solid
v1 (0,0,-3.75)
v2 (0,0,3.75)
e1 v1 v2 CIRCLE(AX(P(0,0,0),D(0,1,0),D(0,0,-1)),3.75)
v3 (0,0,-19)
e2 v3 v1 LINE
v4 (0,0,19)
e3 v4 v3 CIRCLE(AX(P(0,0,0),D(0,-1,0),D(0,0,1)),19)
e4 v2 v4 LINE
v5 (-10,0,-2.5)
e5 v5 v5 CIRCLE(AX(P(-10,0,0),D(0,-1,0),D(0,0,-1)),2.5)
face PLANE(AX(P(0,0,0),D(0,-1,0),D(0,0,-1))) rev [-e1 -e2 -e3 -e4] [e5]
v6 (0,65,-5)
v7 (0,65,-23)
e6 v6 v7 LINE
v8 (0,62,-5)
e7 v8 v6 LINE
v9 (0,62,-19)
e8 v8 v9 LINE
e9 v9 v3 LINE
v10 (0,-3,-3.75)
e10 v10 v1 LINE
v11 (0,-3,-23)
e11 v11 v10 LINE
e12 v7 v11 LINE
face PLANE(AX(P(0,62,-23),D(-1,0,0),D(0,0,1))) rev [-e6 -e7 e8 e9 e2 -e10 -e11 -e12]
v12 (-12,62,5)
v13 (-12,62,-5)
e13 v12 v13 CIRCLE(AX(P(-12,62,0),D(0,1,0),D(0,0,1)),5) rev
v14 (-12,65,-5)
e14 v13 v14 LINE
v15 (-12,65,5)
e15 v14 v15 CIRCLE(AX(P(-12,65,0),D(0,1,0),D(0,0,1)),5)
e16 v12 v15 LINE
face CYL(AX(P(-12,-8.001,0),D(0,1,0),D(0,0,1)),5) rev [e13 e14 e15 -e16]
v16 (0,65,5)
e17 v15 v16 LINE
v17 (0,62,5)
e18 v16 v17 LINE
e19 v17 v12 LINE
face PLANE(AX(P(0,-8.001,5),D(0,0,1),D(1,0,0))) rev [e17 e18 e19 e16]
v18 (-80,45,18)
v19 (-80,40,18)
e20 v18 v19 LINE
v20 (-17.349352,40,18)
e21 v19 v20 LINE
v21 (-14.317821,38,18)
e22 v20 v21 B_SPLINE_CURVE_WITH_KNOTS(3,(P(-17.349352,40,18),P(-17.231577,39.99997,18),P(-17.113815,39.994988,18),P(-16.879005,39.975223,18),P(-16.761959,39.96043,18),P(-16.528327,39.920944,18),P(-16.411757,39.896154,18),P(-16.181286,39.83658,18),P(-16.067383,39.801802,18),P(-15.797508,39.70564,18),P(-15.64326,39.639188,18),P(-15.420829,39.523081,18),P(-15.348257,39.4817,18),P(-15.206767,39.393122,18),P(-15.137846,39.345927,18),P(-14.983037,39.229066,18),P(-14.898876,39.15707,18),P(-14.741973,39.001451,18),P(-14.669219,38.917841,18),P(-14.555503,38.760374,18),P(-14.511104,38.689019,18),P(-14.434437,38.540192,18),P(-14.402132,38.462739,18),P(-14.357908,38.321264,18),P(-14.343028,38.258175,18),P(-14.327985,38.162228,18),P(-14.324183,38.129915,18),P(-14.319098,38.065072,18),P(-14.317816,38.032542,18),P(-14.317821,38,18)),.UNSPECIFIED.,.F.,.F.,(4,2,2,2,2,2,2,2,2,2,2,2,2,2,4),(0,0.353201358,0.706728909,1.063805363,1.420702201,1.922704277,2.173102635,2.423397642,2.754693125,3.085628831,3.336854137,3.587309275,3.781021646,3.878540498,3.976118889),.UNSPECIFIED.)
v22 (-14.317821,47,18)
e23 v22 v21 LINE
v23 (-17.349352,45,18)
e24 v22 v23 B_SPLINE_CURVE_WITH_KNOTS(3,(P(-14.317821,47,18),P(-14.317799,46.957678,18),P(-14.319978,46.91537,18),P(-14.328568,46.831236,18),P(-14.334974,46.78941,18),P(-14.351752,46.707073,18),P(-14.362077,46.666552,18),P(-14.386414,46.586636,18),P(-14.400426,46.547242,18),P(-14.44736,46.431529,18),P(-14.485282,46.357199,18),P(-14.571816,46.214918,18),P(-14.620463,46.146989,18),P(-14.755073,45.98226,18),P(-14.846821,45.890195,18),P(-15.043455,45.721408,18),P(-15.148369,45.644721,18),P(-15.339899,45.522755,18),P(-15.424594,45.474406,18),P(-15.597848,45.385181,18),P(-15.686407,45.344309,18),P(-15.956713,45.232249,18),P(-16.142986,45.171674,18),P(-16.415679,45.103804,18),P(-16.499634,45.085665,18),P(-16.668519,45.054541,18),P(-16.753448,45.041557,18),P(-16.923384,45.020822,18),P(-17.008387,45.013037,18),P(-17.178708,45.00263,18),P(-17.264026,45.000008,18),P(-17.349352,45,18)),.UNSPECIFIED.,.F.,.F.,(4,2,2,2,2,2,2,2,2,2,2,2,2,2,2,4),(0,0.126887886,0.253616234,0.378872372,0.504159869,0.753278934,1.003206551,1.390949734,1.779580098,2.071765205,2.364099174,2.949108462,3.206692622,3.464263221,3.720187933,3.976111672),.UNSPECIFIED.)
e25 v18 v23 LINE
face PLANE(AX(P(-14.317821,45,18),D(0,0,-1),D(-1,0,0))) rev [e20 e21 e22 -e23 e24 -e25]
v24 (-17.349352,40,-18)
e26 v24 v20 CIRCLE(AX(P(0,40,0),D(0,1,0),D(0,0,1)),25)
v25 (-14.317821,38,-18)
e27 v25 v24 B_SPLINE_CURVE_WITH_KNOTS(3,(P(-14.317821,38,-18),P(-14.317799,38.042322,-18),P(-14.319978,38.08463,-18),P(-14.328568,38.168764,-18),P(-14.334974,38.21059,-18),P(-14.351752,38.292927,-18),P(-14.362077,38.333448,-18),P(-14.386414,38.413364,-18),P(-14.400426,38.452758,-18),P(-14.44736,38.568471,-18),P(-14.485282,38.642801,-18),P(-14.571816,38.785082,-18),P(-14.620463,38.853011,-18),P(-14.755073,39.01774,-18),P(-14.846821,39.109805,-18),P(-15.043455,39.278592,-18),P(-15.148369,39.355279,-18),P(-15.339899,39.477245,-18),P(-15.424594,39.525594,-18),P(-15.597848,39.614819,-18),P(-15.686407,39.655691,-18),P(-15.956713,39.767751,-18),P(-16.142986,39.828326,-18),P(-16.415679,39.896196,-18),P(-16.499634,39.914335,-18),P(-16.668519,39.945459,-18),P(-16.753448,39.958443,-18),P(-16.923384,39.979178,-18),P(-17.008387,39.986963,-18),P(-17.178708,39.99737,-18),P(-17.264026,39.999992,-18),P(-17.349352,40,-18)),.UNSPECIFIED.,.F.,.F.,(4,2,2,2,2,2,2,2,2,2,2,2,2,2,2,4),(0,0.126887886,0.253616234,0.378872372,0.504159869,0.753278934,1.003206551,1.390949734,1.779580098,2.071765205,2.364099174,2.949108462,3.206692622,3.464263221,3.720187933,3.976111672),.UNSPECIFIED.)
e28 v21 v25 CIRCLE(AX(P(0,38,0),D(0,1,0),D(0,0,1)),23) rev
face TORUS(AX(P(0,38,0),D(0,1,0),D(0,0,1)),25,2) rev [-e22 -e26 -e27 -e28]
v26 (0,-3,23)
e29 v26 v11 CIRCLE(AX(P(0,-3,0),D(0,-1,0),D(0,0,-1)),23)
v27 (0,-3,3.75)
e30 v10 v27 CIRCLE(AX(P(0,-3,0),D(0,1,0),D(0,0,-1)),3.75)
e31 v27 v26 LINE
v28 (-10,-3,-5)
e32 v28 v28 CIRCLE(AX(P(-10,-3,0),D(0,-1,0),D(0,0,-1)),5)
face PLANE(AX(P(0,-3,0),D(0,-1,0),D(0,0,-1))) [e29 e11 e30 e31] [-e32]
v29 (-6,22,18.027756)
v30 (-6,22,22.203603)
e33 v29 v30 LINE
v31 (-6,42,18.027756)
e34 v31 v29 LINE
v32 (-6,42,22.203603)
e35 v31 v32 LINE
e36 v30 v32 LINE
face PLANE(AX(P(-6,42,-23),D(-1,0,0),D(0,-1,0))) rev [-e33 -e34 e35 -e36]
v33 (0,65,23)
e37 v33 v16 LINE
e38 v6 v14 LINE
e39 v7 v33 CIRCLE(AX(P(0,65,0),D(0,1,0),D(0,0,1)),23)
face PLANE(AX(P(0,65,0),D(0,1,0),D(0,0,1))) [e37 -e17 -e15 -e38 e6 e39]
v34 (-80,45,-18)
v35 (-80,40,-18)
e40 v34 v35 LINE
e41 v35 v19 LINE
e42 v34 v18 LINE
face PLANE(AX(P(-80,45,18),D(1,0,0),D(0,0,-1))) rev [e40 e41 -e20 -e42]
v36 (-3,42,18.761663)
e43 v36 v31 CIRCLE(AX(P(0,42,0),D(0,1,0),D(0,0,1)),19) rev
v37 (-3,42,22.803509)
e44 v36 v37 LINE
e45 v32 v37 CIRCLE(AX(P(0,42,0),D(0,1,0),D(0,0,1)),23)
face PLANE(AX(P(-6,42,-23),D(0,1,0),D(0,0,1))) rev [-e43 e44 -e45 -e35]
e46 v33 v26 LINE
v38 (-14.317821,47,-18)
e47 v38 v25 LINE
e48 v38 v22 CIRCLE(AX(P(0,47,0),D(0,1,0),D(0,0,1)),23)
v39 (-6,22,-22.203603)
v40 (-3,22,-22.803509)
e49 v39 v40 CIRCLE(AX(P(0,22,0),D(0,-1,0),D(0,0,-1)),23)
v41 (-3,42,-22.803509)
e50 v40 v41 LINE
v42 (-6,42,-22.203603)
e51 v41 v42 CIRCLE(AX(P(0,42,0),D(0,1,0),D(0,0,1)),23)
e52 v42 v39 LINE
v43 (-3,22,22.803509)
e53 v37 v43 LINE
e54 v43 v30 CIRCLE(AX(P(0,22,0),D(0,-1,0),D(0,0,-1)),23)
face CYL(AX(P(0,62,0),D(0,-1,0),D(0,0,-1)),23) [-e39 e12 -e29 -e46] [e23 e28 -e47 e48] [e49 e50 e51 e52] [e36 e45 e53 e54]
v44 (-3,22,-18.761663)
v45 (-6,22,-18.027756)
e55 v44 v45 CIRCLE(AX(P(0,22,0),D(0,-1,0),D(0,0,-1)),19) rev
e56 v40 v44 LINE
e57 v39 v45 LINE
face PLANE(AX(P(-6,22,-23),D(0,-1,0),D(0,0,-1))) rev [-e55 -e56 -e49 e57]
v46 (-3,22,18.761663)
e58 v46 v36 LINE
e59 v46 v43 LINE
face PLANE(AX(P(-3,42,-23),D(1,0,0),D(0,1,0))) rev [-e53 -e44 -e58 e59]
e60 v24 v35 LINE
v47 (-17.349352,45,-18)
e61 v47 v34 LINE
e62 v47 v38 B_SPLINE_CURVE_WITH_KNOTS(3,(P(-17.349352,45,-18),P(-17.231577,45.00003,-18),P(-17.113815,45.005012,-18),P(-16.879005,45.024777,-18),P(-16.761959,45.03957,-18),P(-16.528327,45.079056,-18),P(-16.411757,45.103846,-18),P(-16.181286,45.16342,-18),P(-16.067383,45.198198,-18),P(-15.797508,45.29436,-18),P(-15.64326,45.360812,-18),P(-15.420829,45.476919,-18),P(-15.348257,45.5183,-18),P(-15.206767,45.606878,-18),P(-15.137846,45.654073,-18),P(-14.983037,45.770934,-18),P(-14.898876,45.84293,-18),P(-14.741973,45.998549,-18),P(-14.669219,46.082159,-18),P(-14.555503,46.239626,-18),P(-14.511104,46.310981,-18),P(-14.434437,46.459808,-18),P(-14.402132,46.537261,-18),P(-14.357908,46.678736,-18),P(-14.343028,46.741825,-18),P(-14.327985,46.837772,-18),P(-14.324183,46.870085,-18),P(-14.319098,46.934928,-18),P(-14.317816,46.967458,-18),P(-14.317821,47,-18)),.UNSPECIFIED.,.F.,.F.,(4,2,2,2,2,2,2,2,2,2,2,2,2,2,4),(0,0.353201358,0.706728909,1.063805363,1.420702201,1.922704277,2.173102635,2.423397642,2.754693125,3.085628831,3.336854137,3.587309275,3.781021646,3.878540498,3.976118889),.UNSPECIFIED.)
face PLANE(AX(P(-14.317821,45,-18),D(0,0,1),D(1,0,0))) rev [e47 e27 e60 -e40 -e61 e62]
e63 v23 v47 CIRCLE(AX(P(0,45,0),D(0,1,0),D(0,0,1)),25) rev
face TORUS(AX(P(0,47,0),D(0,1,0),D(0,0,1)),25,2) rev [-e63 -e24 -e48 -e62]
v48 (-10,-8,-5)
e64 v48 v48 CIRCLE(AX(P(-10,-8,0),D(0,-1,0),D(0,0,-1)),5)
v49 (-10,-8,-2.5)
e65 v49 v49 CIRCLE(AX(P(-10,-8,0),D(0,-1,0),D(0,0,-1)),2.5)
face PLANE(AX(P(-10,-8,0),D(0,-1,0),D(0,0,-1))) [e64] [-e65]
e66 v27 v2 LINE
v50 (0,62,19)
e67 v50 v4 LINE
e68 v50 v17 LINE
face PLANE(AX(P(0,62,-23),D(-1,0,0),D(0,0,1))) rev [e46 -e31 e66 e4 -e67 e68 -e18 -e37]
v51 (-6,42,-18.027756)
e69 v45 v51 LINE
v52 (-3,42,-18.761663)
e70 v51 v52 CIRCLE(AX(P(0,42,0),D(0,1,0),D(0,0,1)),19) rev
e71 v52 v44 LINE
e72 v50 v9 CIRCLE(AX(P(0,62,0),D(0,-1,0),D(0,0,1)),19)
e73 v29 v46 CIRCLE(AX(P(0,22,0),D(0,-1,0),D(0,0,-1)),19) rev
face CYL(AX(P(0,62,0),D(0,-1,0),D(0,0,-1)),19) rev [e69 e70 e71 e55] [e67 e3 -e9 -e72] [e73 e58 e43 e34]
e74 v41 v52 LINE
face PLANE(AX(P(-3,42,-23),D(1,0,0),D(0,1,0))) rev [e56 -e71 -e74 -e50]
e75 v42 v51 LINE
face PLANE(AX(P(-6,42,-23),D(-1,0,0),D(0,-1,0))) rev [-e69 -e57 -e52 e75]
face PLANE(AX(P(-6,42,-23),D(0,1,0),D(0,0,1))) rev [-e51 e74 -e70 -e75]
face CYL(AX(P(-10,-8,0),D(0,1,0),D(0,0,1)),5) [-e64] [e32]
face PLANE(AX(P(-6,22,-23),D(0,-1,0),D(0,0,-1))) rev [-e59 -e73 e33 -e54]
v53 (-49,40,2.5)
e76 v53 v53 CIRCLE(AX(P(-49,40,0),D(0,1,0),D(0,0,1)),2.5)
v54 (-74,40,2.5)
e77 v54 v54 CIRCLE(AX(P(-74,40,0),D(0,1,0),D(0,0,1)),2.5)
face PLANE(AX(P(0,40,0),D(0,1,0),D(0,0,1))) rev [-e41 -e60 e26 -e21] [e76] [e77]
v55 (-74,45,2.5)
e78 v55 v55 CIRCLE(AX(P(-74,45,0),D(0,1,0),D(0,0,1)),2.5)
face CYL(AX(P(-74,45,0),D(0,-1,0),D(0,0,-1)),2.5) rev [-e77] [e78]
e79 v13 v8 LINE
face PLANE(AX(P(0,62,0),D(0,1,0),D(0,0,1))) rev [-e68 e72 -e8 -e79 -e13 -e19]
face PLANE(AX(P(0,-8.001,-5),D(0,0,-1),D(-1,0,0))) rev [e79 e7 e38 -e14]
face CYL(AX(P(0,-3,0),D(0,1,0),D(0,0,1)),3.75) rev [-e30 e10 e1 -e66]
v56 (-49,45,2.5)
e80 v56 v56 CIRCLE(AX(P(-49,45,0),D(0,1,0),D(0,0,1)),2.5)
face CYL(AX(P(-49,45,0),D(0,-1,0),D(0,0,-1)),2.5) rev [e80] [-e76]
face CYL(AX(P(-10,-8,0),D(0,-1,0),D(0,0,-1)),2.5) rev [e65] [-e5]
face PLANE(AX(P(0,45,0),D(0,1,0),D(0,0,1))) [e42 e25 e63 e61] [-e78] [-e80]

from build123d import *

# Parameters (mm, degrees)
BOSS_EXTRUDE1_DEPTH     = 62
BOSS_EXTRUDE2_START     = 3
BOSS_EXTRUDE2_DEPTH     = 3
SKETCH4_R               = 5
BOSS_EXTRUDE3_DEPTH     = 5
M6X1_0_TAPPED_HOLE1_D   = 5
CUT_EXTRUDE1_DEPTH      = 71.014284257
CUT_EXTRUDE1_DEPTH_BACK = 71.014284257
SKETCH8_W               = 3
SKETCH8_H               = 20
BOSS_EXTRUDE4_DEPTH     = 3
CUT_EXTRUDE2_REACH      = 81.919
SKETCH11_R              = 2.5
BOSS_EXTRUDE5_DEPTH     = 5
FILLET1_R               = 2


with BuildPart() as part:
    # Sketch1 → Boss-Extrude1 (new body)
    with BuildSketch(Plane(origin=(0, 0, 0), x_dir=(1, 0, 0), z_dir=(0, 1, 0))):
        with BuildLine():
            Line((0, 23), (0, 19))
            ThreePointArc((0, 19), (-19, 0), (0, -19))
            Line((0, -19), (0, -23))
            ThreePointArc((0, -23), (-23, 0), (0, 23))
        make_face()
    extrude(amount=BOSS_EXTRUDE1_DEPTH)

    # Sketch3 → Boss-Extrude2 (add)
    with BuildSketch(Plane.XZ.offset(BOSS_EXTRUDE2_START)):
        with BuildLine():
            Line((0, 23), (0, 3.75))
            ThreePointArc((0, 3.75), (-3.75, 0), (0, -3.75))
            Line((0, -3.75), (0, -23))
            ThreePointArc((0, -23), (-23, 0), (0, 23))
        make_face()
    extrude(amount=-BOSS_EXTRUDE2_DEPTH)

    # Sketch4 → Boss-Extrude3 (add)
    with BuildSketch(Plane.XZ.offset(3)):
        with Locations(Location((-10, 0, 0), (0, 0, 270))):
            Circle(SKETCH4_R)
    extrude(amount=BOSS_EXTRUDE3_DEPTH)

    # M6x1.0 Tapped Hole1 (through all)
    with Locations(Plane.XZ.offset(8)):
        with Locations((-10, 0)):
            Hole(M6X1_0_TAPPED_HOLE1_D / 2)

    # Sketch8 → Cut-Extrude1 (cut, two sides: drawn at the far end of the back side and taken through both)
    with BuildSketch(Plane.XY.offset(-CUT_EXTRUDE1_DEPTH_BACK)):
        with Locations((-4.5, 32)):
            Rectangle(SKETCH8_W, SKETCH8_H)
    extrude(amount=CUT_EXTRUDE1_DEPTH + CUT_EXTRUDE1_DEPTH_BACK, mode=Mode.SUBTRACT)

    # Sketch9 → Boss-Extrude4 (add)
    with BuildSketch(Plane(origin=(0, 62, 0), x_dir=(1, 0, 0), z_dir=(0, 1, 0))):
        with BuildLine():
            Line((0, -23), (0, 23))
            ThreePointArc((0, 23), (-23, 0), (0, -23))
        make_face()
    extrude(amount=BOSS_EXTRUDE4_DEPTH)

    # Sketch10 → Cut-Extrude2 (cut, up to next)
    with BuildSketch(Plane(origin=(0, 65, 0), x_dir=(1, 0, 0), z_dir=(0, 1, 0)), mode=Mode.PRIVATE) as cut_extrude2_sk1:
        with BuildLine():
            Line((0, -5), (-12, -5))
            ThreePointArc((-12, -5), (-17, 0), (-12, 5))
            Line((-12, 5), (0, 5))
            ThreePointArc((0, 5), (5, 0), (0, -5))
        make_face()
    cut_extrude2_tool1 = extrude(cut_extrude2_sk1.sketch, amount=-CUT_EXTRUDE2_REACH, mode=Mode.PRIVATE) & part.part
    add(cut_extrude2_tool1.solids().sort_by_distance((-6, 65, 0))[0], mode=Mode.SUBTRACT)

    # Sketch11 → Boss-Extrude5 (add)
    with BuildSketch(Plane(origin=(0, 40, 0), x_dir=(-1, 0, 0), z_dir=(0, 1, 0))):
        with BuildLine():
            Line((14.317821063, 18), (80, 18))
            Line((80, 18), (80, -18))
            Line((80, -18), (14.317821063, -18))
            ThreePointArc((14.317821063, -18), (23, 0), (14.317821063, 18))
        make_face()
        with Locations(Location((49, 0, 0), (0, 0, 90))):
            Circle(SKETCH11_R, mode=Mode.SUBTRACT)
        with Locations(Location((74, 0, 0), (0, 0, 90))):
            Circle(SKETCH11_R, mode=Mode.SUBTRACT)
    extrude(amount=BOSS_EXTRUDE5_DEPTH)

    # Fillet1
    fillet1_edges = [part.edges().sort_by_distance(p)[0] for p in [
        (-23, 40, 0),
        (-23, 45, 0),
    ]]
    fillet(fillet1_edges, radius=FILLET1_R)


solid = part.part
